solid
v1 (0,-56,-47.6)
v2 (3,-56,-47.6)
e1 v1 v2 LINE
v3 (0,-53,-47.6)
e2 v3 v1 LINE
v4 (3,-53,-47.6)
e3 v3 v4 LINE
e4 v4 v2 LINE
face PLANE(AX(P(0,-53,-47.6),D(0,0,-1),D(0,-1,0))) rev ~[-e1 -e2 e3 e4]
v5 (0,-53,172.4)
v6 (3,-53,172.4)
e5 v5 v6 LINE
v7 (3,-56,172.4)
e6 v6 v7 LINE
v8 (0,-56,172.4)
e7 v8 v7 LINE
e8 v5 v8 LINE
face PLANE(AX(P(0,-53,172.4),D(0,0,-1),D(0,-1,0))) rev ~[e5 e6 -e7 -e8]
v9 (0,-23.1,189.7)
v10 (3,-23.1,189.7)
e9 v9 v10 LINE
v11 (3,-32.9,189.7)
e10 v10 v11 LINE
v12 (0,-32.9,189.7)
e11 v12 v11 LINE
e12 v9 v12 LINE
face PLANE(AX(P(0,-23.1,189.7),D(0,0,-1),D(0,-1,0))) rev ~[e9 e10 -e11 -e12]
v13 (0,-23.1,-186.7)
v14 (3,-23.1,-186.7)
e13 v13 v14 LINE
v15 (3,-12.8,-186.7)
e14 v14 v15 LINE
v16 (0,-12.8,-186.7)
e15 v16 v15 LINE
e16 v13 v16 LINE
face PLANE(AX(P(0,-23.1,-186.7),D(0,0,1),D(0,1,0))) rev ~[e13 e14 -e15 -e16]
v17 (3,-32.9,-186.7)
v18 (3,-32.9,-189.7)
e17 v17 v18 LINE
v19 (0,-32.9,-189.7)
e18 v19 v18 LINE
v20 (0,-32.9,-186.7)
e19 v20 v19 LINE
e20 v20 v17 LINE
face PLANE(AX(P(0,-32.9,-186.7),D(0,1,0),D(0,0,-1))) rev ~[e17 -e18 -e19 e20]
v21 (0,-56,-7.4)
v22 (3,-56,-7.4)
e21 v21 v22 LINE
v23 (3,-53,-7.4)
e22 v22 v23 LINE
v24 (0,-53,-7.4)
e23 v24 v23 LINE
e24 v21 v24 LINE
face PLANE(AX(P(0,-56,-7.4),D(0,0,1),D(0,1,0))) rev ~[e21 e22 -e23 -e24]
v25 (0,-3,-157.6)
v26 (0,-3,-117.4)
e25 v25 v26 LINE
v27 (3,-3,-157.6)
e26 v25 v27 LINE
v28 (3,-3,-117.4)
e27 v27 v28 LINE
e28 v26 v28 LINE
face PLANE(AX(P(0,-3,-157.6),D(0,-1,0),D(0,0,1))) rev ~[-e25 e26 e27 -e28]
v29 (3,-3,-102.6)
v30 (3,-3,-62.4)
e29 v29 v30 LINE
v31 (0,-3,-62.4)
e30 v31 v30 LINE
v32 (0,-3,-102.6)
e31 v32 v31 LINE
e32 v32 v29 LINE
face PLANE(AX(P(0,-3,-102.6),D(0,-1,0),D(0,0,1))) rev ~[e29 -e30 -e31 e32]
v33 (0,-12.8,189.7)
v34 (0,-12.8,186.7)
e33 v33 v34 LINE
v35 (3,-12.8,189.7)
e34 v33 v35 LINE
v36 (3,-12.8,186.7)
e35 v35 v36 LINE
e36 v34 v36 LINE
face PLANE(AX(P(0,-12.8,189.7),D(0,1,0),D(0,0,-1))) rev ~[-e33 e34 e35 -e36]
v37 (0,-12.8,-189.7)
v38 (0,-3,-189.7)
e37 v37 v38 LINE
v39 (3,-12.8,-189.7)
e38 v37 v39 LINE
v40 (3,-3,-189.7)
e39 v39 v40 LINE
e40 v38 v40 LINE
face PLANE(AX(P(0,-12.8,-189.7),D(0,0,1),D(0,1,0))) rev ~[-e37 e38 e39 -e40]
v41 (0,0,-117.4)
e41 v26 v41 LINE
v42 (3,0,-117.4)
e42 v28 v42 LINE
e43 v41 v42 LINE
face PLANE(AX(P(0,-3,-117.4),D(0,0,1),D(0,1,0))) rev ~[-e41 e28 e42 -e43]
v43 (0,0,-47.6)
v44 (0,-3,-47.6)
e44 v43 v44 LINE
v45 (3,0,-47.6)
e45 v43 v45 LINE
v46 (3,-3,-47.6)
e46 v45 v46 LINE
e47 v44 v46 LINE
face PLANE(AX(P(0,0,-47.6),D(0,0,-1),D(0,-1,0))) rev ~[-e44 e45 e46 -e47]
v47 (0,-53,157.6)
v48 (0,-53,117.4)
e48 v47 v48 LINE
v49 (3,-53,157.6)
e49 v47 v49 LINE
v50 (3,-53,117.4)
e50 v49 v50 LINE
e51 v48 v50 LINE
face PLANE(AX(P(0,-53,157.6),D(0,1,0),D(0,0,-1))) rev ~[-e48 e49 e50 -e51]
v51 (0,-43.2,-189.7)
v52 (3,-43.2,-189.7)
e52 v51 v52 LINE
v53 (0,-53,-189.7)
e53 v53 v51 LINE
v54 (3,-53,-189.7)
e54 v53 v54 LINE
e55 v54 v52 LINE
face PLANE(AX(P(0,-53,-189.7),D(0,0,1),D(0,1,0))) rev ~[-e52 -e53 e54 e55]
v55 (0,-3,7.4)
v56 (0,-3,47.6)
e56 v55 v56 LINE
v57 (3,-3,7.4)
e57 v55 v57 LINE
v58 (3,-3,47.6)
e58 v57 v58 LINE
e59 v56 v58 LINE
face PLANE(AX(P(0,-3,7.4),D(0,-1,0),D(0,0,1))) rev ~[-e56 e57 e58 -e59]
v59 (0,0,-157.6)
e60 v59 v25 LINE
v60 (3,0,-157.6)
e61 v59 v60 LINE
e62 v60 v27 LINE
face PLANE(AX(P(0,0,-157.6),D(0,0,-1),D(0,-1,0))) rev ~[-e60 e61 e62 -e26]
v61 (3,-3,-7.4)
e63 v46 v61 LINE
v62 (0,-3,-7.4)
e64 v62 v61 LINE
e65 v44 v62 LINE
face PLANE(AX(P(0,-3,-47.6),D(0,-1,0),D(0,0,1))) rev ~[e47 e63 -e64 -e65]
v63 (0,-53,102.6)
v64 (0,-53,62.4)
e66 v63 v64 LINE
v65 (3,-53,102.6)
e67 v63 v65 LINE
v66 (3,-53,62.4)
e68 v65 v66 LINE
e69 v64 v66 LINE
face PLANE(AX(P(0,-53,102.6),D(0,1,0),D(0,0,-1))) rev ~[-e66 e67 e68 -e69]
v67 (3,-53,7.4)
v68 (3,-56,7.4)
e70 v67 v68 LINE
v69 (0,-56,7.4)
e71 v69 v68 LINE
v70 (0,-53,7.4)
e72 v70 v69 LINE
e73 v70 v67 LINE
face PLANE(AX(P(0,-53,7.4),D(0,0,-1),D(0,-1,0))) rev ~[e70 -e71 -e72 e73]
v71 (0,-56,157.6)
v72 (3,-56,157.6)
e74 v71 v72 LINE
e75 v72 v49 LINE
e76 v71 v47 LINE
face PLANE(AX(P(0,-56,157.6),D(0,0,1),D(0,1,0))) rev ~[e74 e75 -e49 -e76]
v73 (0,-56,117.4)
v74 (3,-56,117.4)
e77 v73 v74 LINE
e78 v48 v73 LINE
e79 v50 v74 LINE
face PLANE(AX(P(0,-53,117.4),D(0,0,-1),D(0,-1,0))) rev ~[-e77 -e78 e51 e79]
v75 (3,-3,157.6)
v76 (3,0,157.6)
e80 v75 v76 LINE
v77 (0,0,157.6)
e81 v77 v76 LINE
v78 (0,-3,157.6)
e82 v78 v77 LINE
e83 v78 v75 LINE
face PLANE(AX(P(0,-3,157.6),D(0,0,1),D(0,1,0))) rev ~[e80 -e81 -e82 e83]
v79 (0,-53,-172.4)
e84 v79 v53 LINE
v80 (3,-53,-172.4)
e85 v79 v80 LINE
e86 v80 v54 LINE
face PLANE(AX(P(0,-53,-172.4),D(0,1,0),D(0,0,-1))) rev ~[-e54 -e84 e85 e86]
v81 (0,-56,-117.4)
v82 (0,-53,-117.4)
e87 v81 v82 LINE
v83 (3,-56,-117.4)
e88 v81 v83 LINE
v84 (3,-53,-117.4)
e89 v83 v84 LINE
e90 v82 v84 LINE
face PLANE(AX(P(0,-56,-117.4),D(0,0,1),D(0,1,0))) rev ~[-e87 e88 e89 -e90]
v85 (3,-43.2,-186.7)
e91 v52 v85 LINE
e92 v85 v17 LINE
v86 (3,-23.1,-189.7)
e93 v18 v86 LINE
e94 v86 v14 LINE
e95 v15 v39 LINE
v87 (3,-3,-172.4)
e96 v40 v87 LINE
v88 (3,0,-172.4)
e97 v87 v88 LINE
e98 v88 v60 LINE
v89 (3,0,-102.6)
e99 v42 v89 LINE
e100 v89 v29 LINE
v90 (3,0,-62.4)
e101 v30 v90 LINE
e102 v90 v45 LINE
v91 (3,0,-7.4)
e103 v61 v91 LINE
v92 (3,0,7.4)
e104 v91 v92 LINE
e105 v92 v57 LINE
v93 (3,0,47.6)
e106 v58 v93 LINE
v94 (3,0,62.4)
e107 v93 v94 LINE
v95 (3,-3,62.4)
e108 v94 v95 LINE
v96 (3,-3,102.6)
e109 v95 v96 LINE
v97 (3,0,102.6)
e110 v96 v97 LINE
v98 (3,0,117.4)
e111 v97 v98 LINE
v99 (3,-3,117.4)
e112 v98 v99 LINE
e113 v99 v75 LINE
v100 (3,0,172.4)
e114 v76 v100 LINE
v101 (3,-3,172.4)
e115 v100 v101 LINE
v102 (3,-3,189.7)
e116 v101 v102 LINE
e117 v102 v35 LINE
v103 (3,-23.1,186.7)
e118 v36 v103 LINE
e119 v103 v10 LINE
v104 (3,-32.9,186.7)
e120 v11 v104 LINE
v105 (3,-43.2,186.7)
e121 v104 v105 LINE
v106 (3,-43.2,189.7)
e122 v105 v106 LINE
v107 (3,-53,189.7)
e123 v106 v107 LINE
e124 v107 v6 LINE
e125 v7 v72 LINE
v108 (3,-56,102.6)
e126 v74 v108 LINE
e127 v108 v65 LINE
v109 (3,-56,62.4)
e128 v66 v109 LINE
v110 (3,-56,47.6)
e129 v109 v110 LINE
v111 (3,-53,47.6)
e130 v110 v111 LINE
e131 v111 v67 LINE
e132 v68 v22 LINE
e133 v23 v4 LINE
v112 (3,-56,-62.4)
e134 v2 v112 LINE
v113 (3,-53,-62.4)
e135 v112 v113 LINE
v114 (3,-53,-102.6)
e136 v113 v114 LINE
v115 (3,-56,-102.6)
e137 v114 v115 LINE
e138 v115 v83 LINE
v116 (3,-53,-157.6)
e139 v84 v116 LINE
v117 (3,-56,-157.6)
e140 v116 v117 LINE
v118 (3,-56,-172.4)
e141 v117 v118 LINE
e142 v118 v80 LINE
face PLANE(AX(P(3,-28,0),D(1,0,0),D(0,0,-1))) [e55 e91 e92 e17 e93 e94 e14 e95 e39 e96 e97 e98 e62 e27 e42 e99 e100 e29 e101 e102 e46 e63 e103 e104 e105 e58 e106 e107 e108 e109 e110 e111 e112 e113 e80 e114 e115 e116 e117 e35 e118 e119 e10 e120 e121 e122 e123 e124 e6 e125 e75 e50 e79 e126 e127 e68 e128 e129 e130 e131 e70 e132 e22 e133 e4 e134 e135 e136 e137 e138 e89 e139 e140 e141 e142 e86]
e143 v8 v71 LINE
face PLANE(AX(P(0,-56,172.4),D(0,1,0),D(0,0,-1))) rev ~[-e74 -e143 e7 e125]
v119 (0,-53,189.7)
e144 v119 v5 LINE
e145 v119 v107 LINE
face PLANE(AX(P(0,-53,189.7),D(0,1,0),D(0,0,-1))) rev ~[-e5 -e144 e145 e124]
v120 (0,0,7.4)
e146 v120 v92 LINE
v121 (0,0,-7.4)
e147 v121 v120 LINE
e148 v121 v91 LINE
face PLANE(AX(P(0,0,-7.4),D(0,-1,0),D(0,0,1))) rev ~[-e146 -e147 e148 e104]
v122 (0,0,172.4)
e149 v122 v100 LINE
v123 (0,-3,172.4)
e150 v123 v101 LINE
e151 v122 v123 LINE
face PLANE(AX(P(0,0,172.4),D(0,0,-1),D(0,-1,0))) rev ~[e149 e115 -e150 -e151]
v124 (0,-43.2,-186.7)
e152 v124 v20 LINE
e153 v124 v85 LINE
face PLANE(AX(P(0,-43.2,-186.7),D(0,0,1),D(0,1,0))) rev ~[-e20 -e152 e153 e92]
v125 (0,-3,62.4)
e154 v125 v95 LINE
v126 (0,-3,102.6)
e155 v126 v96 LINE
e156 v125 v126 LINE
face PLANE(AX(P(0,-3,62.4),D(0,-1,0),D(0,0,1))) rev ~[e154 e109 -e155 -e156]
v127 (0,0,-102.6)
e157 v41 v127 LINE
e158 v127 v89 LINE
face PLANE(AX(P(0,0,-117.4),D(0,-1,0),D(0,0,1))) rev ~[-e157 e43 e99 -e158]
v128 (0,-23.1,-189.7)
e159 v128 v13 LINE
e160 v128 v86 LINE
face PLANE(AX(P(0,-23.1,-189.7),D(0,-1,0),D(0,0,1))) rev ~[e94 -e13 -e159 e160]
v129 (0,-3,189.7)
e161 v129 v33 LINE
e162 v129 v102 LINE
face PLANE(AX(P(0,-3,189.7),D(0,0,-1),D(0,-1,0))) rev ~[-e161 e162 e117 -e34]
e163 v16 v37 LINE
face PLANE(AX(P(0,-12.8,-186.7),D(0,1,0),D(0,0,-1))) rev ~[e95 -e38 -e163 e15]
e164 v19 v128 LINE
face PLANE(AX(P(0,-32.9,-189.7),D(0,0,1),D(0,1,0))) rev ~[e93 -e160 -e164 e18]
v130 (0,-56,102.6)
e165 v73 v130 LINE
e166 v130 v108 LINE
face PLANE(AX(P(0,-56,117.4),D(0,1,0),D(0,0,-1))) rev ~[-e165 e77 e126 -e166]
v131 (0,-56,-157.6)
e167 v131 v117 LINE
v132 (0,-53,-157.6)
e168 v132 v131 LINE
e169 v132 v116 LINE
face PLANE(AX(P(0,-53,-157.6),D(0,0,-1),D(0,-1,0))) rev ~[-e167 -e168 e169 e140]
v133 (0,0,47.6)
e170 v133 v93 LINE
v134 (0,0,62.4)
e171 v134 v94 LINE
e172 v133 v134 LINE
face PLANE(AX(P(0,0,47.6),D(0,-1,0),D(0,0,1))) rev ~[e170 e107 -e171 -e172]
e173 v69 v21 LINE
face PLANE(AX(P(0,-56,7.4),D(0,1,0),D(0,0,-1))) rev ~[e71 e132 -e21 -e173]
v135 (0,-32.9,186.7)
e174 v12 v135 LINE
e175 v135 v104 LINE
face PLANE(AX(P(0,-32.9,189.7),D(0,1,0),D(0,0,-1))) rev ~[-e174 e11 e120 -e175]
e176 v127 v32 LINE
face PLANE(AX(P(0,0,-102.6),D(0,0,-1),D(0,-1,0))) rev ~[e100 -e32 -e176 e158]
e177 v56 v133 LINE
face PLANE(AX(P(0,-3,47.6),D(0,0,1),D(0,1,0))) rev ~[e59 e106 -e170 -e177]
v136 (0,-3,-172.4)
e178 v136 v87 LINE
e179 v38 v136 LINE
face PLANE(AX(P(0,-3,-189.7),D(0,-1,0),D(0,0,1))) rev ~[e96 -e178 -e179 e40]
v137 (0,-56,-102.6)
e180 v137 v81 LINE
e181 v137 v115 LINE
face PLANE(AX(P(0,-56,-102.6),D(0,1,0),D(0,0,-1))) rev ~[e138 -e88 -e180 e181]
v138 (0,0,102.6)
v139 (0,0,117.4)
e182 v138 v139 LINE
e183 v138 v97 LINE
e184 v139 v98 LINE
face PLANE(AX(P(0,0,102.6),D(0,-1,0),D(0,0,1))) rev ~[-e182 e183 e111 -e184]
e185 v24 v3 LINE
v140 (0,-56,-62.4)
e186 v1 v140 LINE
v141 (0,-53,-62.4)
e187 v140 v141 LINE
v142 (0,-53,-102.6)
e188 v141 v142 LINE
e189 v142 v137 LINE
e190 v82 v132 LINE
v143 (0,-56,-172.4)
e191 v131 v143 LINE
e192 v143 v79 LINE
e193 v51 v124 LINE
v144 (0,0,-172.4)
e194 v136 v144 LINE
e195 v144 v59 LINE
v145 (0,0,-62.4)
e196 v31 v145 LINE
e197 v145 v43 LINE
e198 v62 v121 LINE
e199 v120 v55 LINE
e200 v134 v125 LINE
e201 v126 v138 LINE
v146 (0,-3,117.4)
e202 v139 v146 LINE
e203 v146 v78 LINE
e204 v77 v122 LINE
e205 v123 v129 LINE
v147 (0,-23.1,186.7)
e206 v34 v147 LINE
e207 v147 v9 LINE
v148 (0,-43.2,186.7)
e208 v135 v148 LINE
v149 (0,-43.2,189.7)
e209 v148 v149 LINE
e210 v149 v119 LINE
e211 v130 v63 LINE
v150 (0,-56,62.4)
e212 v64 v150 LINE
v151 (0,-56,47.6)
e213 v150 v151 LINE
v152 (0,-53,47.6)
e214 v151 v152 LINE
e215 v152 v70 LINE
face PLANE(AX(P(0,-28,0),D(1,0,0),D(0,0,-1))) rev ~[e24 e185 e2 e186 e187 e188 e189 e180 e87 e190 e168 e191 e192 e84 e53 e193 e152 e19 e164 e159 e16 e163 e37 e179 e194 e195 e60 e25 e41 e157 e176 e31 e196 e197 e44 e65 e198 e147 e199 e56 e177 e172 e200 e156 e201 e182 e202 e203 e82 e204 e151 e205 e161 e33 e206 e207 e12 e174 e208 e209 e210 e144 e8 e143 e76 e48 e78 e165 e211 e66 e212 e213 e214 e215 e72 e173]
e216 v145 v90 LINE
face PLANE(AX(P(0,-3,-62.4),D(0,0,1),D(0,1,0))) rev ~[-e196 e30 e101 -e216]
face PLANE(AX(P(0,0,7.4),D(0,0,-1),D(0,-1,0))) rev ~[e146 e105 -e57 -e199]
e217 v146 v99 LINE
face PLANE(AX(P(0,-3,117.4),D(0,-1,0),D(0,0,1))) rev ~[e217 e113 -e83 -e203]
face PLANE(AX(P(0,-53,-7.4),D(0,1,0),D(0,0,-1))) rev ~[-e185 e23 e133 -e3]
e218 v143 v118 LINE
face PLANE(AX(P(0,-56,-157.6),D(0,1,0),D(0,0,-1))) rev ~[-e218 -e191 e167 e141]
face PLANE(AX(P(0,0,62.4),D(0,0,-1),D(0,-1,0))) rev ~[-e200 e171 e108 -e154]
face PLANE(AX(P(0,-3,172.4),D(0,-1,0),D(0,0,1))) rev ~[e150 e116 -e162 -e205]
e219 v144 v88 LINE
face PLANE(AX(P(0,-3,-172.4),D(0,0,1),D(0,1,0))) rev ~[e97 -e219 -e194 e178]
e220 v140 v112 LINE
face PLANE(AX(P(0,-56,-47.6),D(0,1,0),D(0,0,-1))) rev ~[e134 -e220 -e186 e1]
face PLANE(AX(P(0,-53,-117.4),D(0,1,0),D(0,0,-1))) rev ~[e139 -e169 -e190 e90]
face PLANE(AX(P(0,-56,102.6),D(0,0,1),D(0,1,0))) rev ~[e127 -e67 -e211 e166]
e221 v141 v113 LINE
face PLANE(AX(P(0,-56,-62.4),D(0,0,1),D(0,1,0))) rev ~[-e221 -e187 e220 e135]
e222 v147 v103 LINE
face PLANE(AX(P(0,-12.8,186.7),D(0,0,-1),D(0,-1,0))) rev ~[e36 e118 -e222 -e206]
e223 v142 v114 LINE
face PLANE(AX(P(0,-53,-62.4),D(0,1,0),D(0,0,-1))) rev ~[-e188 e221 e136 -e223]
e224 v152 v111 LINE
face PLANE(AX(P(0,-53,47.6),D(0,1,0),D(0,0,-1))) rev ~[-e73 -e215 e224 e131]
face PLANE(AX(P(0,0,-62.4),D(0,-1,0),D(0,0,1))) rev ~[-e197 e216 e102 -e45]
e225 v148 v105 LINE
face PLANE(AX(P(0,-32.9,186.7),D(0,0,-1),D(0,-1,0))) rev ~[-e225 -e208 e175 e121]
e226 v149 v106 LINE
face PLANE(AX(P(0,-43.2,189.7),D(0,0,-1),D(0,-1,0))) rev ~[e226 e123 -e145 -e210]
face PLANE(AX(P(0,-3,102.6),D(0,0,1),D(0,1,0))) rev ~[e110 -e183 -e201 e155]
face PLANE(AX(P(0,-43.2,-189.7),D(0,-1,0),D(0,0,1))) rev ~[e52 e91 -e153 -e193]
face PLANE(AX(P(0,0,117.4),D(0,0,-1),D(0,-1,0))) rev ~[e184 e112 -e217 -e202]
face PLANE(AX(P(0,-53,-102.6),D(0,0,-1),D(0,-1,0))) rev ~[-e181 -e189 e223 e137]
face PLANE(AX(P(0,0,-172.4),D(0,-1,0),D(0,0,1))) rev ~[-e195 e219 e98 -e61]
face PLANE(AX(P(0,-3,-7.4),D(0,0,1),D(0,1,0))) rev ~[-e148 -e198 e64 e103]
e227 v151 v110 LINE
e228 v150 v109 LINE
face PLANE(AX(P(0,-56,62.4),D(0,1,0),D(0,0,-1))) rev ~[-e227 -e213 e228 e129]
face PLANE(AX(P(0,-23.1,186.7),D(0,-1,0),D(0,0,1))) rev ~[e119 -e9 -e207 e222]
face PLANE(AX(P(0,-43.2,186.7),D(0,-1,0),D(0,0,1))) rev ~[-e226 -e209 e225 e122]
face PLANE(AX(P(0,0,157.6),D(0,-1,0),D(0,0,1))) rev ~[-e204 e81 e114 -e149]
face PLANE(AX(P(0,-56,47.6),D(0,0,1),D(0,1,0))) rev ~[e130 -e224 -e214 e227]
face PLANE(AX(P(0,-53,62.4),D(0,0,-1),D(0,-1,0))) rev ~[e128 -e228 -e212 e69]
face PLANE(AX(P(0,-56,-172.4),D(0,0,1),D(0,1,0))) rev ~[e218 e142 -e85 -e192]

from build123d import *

# Parameters (mm, degrees)
BOSS_EXTRUDE1_DEPTH = 3


with BuildPart() as part:
    # Sketch1 → Boss-Extrude1 (new body)
    with BuildSketch(Plane(origin=(0, 0, 0), x_dir=(0, 0, -1), z_dir=(1, 0, 0))):
        Polygon((7.4, 0), (-7.4, 0), (-7.4, -3), (-47.6, -3), (-47.6, 0), (-62.4, 0), (-62.4, -3), (-102.6, -3), (-102.6, 0), (-117.4, 0), (-117.4, -3), (-157.6, -3), (-157.6, 0), (-172.4, 0), (-172.4, -3), (-189.7, -3), (-189.7, -12.8), (-186.7, -12.8), (-186.7, -23.1), (-189.7, -23.1), (-189.7, -28), (-189.7, -32.9), (-186.7, -32.9), (-186.7, -43.2), (-189.7, -43.2), (-189.7, -53), (-172.4, -53), (-172.4, -56), (-157.6, -56), (-157.6, -53), (-117.4, -53), (-117.4, -56), (-102.6, -56), (-102.6, -53), (-62.4, -53), (-62.4, -56), (-47.6, -56), (-47.6, -53), (-7.4, -53), (-7.4, -56), (7.4, -56), (7.4, -53), (47.6, -53), (47.6, -56), (62.4, -56), (62.4, -53), (102.6, -53), (102.6, -56), (117.4, -56), (117.4, -53), (157.6, -53), (157.6, -56), (172.4, -56), (172.4, -53), (189.7, -53), (189.7, -43.2), (186.7, -43.2), (186.7, -32.9), (189.7, -32.9), (189.7, -28), (189.7, -23.1), (186.7, -23.1), (186.7, -12.8), (189.7, -12.8), (189.7, -3), (172.4, -3), (172.4, 0), (157.6, 0), (157.6, -3), (117.4, -3), (117.4, 0), (102.6, 0), (102.6, -3), (62.4, -3), (62.4, 0), (47.6, 0), (47.6, -3), (7.4, -3), align=None)
    extrude(amount=BOSS_EXTRUDE1_DEPTH)


solid = part.part
